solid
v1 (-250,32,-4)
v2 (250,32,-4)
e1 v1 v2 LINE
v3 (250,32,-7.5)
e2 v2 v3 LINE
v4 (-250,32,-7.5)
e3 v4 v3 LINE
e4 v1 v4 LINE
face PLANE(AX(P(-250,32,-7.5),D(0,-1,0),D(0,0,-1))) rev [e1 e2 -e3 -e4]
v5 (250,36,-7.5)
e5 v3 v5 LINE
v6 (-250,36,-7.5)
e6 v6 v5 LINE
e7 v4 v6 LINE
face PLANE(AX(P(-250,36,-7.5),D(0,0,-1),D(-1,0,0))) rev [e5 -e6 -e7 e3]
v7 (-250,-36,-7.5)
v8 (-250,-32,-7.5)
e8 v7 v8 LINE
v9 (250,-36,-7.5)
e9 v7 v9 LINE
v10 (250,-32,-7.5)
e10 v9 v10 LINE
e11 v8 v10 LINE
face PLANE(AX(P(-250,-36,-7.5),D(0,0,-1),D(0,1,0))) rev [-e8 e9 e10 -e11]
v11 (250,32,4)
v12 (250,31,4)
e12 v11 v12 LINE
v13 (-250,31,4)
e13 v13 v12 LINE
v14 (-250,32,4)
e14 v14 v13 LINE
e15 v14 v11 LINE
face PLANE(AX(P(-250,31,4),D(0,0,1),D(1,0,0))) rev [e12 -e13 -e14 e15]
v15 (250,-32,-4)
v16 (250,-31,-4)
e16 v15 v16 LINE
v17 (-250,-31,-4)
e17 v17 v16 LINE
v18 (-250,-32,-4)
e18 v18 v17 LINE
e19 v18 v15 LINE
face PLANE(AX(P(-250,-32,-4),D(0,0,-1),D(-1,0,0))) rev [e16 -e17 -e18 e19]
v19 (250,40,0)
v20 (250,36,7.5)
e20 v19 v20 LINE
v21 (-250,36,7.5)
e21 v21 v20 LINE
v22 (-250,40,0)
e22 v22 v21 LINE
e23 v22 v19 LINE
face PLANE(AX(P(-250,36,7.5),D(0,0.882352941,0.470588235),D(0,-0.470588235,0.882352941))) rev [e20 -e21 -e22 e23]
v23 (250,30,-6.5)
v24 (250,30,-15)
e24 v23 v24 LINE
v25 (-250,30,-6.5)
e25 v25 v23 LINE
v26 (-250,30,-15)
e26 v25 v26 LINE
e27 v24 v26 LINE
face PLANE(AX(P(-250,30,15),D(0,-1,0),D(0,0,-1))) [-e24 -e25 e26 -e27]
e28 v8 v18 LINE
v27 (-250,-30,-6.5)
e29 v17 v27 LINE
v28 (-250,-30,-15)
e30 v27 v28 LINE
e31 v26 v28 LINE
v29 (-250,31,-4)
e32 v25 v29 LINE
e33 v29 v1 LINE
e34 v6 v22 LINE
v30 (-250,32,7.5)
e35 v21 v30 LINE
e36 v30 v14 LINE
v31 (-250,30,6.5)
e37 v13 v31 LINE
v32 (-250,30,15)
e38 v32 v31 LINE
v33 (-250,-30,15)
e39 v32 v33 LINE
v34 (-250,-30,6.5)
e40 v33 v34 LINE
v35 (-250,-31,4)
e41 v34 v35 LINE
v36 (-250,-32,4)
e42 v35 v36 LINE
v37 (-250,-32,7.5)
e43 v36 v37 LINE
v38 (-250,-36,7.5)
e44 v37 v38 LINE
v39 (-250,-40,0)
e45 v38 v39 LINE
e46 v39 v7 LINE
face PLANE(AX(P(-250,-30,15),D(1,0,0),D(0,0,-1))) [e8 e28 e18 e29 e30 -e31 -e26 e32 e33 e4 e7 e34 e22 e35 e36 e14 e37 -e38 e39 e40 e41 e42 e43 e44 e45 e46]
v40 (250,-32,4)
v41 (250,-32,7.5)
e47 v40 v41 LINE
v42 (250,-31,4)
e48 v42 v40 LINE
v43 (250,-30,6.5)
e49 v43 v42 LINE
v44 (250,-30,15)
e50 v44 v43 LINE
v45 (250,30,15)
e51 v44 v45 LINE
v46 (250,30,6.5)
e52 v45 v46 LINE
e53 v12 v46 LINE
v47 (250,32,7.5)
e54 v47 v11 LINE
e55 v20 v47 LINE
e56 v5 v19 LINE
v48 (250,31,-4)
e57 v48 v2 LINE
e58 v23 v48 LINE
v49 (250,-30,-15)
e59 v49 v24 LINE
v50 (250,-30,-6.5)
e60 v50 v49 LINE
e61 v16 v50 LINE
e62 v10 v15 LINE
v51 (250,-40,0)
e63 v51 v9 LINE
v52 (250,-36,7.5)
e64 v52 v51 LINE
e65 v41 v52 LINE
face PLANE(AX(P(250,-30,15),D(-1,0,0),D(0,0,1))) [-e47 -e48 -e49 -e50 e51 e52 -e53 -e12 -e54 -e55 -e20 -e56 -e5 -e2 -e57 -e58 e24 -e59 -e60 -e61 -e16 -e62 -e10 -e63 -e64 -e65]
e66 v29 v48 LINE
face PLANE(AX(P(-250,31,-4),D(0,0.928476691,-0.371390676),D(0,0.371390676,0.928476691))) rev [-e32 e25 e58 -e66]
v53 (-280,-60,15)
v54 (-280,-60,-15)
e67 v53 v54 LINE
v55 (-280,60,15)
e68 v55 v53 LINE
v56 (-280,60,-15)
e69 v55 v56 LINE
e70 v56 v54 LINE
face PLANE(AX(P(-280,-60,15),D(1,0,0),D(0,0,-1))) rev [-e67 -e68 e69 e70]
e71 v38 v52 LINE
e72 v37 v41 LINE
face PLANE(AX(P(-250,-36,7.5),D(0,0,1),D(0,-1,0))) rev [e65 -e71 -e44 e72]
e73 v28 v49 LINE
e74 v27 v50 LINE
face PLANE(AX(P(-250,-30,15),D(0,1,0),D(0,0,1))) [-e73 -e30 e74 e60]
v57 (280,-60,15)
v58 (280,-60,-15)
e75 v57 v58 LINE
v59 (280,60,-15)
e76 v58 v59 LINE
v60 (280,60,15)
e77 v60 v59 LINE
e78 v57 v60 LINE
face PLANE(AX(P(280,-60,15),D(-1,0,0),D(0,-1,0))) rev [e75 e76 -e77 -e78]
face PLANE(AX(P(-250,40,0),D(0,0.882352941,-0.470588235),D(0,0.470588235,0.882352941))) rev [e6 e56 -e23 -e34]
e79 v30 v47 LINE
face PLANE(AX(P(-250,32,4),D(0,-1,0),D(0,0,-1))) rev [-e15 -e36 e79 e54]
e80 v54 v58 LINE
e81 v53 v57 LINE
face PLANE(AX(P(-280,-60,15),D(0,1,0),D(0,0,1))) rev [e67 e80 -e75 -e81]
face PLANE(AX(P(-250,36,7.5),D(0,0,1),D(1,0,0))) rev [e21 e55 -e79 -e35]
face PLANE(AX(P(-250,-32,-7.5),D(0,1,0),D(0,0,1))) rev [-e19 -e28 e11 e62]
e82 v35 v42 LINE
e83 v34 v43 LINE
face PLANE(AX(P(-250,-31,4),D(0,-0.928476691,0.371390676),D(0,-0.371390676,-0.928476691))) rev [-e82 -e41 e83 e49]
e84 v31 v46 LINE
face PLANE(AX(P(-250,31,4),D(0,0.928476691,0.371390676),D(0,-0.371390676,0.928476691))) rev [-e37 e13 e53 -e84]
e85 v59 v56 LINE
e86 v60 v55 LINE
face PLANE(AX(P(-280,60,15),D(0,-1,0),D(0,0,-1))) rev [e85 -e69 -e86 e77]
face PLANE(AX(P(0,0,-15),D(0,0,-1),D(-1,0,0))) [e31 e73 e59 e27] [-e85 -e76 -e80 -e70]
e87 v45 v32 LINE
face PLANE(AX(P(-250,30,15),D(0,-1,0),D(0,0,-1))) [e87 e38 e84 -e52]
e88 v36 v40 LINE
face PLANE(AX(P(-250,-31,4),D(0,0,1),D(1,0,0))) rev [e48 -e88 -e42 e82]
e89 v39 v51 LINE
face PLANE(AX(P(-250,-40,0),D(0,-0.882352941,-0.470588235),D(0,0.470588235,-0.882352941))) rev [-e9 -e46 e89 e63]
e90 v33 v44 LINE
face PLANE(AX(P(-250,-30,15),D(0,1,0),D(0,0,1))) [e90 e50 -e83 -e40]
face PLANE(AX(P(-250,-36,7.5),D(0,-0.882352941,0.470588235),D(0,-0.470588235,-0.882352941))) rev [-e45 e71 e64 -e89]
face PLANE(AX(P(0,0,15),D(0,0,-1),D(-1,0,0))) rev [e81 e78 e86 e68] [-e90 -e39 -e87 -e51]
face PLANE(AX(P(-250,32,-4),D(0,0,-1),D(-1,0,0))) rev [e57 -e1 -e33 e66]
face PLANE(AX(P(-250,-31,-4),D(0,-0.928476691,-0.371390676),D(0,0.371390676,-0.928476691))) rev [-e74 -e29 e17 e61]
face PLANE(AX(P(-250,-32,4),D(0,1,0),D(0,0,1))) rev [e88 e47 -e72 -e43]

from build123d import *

# Parameters (mm, degrees)
SKETCH1_W           = 560
SKETCH1_H           = 120
SKETCH1_W_2         = 500
SKETCH1_H_2         = 60
BOSS_EXTRUDE1_DEPTH = 15
CUT_EXTRUDE1_DEPTH  = 250


with BuildPart() as part:
    # Sketch1 → Boss-Extrude1 (new, symmetric)
    with BuildSketch(Plane.XY):
        Rectangle(SKETCH1_W, SKETCH1_H)
        Rectangle(SKETCH1_W_2, SKETCH1_H_2, mode=Mode.SUBTRACT)
    extrude(amount=BOSS_EXTRUDE1_DEPTH, both=True)

    # Sketch2 → Cut-Extrude1 (cut, symmetric)
    with BuildSketch(Plane(origin=(0, 0, 0), x_dir=(0, 0, -1), z_dir=(1, 0, 0))):
        Polygon((-4, 31), (-6.5, 30), (6.5, 30), (4, 31), (4, 32), (7.5, 32), (7.5, 36), (0, 40), (-7.5, 36), (-7.5, 32), (-4, 32), align=None)
        Polygon((-6.5, -30), (6.5, -30), (4, -31), (4, -32), (7.5, -32), (7.5, -36), (0, -40), (-7.5, -36), (-7.5, -32), (-4, -32), (-4, -31), align=None)
    extrude(amount=CUT_EXTRUDE1_DEPTH, both=True, mode=Mode.SUBTRACT)


solid = part.part
